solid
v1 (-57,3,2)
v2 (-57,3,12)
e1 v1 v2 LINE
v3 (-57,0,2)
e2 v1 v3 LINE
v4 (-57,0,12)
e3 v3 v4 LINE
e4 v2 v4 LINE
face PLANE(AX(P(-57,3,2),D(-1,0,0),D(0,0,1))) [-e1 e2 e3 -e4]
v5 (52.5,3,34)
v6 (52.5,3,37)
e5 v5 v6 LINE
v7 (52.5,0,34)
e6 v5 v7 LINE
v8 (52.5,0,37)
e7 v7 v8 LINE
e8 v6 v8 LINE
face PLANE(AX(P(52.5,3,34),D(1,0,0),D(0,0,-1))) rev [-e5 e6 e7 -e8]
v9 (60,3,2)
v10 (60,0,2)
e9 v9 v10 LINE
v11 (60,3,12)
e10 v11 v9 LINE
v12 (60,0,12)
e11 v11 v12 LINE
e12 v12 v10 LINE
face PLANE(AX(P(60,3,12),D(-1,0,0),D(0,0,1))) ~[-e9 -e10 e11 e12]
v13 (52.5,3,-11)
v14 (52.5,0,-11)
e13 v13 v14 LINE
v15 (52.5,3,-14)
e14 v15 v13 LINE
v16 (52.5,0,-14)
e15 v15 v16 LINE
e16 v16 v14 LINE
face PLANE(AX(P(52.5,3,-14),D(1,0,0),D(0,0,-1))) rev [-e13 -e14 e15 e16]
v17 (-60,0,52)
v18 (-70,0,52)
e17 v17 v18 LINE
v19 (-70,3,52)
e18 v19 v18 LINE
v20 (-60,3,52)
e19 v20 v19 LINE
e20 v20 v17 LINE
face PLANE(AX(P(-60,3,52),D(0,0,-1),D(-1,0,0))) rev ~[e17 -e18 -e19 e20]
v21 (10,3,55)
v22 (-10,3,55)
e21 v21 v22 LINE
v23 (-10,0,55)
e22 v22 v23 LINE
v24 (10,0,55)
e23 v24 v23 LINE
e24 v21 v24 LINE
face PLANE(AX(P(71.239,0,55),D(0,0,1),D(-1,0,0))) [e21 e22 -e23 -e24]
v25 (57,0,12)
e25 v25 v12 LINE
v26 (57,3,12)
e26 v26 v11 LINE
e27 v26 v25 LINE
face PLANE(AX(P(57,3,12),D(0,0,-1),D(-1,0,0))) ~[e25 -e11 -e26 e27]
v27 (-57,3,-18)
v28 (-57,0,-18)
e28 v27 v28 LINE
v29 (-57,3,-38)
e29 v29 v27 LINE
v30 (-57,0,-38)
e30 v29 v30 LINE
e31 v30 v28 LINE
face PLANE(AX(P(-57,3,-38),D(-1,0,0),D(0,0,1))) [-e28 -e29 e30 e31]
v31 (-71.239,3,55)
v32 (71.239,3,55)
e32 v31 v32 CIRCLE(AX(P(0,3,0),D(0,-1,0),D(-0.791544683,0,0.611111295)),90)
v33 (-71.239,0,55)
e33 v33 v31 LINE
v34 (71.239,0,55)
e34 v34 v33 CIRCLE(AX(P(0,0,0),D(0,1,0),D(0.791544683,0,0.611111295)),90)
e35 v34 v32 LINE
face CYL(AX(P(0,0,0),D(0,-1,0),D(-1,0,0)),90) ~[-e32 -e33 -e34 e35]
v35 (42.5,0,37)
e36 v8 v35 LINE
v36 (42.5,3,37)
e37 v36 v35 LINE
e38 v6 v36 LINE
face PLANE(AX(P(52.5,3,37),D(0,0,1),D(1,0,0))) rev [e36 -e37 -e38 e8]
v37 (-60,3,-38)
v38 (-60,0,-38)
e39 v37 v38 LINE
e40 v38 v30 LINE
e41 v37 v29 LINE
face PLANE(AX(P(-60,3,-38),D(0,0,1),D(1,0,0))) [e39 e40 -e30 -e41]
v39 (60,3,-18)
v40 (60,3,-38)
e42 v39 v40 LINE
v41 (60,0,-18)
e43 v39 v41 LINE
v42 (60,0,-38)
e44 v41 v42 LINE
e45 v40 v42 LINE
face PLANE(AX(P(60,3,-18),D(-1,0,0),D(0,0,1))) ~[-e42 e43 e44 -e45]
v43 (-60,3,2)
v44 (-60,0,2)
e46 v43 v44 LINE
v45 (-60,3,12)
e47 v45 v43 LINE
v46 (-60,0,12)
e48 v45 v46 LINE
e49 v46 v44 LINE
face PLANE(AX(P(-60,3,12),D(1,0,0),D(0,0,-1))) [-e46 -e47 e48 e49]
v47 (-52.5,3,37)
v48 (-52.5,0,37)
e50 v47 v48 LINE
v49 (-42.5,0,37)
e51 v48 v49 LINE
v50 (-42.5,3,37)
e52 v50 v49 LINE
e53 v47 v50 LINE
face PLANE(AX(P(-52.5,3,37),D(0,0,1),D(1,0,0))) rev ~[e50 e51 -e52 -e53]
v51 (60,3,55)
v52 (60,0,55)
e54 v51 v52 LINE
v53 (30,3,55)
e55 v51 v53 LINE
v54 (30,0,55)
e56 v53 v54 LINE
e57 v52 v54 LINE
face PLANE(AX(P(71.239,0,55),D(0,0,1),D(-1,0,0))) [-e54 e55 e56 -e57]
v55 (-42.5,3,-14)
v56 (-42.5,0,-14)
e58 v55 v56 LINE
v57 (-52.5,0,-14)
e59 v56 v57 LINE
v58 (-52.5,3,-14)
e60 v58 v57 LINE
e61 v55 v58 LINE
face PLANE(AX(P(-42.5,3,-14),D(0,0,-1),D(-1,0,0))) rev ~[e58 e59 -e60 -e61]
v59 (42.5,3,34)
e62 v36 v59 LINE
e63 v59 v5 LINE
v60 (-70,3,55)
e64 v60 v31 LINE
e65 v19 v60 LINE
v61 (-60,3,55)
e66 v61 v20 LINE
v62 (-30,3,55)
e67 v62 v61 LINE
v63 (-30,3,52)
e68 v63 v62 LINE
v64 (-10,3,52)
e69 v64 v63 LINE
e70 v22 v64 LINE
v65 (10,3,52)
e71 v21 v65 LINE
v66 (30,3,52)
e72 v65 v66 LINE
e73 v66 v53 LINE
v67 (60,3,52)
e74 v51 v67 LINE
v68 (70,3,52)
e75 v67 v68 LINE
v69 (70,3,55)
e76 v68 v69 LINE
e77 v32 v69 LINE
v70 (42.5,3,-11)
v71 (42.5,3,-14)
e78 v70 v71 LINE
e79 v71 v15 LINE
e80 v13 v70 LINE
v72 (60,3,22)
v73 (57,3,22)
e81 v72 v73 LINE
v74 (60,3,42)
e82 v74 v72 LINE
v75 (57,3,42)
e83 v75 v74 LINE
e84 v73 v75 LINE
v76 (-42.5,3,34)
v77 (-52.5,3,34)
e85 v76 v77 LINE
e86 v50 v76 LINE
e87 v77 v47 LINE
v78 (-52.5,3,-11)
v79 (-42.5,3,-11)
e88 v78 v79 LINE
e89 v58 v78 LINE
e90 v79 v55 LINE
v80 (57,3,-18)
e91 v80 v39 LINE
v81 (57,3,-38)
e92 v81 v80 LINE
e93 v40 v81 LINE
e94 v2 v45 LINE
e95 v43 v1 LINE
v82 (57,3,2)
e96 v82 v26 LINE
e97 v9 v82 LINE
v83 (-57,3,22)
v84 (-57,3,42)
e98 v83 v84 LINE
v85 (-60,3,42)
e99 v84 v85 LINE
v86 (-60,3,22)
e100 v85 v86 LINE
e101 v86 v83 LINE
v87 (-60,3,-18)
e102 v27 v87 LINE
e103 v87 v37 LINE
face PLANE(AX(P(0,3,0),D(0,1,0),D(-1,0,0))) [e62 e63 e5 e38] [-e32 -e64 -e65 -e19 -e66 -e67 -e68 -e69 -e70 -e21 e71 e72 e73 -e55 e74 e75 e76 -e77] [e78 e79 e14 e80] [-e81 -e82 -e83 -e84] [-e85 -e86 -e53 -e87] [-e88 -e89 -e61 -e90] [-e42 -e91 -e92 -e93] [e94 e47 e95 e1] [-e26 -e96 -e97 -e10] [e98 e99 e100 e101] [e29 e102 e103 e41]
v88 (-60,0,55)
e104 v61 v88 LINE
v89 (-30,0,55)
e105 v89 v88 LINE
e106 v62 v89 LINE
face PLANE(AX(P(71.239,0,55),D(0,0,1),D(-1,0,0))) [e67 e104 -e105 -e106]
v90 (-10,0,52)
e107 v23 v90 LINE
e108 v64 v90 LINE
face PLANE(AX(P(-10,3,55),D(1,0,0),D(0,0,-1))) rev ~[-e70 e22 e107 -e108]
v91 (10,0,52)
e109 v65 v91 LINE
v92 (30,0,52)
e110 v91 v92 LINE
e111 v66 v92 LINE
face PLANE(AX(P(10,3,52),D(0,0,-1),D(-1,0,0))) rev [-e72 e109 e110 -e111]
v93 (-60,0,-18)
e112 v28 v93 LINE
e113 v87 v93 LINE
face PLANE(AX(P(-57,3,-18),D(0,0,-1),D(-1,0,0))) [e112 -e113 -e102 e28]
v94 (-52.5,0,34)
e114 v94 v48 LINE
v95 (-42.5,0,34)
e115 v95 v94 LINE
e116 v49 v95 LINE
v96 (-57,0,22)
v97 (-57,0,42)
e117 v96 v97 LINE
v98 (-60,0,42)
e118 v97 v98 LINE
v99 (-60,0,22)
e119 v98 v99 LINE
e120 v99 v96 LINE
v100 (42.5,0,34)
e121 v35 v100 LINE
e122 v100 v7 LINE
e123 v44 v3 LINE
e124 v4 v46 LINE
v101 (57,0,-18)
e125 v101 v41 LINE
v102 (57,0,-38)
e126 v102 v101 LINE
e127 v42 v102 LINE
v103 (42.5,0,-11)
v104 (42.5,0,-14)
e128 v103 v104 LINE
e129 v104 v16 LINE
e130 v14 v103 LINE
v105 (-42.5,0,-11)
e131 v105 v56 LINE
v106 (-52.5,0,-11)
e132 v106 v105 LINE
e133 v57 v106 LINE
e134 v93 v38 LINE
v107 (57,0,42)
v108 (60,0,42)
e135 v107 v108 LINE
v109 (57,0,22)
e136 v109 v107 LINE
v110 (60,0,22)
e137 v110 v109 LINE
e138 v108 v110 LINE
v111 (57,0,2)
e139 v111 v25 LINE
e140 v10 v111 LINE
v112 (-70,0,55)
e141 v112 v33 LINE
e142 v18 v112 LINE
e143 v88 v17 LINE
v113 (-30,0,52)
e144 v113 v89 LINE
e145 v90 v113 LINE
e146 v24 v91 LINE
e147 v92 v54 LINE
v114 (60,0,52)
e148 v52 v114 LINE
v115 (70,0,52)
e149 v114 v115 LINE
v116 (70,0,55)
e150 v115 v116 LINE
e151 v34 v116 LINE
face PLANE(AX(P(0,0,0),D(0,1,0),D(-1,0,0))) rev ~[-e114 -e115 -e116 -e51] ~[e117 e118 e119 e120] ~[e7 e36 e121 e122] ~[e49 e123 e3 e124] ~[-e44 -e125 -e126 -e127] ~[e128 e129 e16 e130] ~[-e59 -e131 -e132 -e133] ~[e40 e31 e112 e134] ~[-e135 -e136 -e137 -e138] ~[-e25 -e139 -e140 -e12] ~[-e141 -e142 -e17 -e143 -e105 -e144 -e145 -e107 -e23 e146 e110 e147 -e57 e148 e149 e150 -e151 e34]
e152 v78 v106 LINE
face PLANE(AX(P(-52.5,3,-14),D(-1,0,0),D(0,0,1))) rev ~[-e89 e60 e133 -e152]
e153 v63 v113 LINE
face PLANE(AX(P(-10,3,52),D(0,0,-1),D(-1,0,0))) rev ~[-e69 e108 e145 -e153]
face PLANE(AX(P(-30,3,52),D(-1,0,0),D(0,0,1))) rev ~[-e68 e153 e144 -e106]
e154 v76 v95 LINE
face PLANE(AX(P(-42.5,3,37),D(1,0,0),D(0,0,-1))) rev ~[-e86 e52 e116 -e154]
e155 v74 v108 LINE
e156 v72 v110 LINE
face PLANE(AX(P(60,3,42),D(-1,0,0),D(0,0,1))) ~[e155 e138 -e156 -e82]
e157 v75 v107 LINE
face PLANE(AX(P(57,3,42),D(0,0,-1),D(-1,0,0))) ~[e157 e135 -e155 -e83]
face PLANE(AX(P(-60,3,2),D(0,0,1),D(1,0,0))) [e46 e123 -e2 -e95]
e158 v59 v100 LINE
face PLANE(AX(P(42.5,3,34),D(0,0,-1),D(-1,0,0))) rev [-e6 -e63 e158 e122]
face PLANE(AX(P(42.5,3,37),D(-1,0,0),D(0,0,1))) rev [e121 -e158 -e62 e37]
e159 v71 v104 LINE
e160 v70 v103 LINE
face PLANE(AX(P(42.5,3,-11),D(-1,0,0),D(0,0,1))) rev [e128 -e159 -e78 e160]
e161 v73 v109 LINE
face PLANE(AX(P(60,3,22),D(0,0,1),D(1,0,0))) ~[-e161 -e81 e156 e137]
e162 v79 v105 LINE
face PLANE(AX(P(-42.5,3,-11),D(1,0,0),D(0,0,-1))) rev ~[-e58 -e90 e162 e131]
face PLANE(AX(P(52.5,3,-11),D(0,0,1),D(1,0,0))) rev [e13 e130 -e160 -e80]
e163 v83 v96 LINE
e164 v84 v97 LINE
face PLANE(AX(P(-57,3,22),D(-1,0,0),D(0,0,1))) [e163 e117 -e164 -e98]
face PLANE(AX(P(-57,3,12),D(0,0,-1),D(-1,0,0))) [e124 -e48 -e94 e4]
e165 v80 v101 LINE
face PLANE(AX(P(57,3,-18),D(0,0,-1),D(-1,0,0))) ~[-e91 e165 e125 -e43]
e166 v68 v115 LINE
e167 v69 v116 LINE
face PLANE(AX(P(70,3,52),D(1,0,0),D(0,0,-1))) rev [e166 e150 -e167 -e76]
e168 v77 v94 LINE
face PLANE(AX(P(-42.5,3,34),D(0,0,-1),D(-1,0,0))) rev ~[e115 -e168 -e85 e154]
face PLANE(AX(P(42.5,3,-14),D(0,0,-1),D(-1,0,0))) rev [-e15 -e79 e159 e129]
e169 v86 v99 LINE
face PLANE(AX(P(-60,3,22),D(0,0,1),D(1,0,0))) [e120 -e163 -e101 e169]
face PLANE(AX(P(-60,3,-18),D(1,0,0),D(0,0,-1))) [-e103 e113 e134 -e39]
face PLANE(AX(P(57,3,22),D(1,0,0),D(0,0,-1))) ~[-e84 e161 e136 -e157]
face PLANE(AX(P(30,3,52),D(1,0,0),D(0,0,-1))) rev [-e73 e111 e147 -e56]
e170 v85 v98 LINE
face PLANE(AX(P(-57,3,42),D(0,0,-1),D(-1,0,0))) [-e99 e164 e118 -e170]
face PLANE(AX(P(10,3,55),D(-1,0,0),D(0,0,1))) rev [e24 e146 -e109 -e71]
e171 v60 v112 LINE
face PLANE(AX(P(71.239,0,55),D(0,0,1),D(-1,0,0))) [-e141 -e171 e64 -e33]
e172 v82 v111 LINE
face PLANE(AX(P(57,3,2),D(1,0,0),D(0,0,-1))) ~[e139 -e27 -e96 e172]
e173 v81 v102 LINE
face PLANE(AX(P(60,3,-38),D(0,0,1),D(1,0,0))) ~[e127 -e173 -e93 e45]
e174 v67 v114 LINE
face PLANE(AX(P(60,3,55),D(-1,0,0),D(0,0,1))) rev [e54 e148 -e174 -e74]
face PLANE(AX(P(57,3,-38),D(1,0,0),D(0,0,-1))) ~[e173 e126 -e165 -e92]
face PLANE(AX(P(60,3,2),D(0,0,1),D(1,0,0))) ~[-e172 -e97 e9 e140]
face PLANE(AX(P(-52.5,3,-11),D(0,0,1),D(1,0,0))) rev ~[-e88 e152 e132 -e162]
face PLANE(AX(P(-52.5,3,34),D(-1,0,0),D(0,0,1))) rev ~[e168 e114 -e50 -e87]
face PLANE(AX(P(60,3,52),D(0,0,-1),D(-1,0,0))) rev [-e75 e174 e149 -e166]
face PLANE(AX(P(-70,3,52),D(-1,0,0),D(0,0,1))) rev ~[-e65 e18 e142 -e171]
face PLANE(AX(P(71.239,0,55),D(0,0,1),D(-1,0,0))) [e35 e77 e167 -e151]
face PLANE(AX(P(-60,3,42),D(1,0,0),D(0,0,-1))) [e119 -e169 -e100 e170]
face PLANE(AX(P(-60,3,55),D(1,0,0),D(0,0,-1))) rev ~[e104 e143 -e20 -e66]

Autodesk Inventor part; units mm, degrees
ref_plane "YZ Plane" through (0, 0, 0) normal (1, 0, 0) x (0, 1, 0)
ref_plane "XZ Plane" through (0, 0, 0) normal (0, 1, 0) x (-1, 0, 0)
ref_plane "XY Plane" through (0, 0, 0) normal (0, 0, 1) x (1, 0, 0)
sketch "Sketch1" plane through (0, 0, 0) normal (0, 1, 0) x (-1, 0, 0)
  circle A0 centre (0, 0) radius 90
  line L0 (-71.239, 55) -> (71.239, 55)
  dimension "d0" = 180
  dimension "d1" = 55
extrude "Extrusion1" add sketch "Sketch1" along normal blind 3 contours A0 L0 picked at (-1.0947, 6.6866)
sketch "Sketch2" plane through (0, 3, 0) normal (0, 1, 0) x (1, 0, 0)
  line L0 (-71.239, -55) -> (71.239, -55) projected
  line L1 (-70, -55) -> (-60, -55)
  line L2 (-60, -55) -> (-60, -52)
  line L3 (-60, -52) -> (-70, -52)
  line L4 (-70, -52) -> (-70, -55)
  line L5 (-30, -55) -> (-10, -55)
  line L6 (-10, -55) -> (-10, -52)
  line L7 (-10, -52) -> (-30, -52)
  line L8 (-30, -52) -> (-30, -55)
  point P0 (0, 0)
  dimension "d4" = 10
  dimension "d5" = 3
  dimension "d6" = 20
  dimension "d7" = 3
  dimension "d8" = 10
  dimension "d9" = 30
extrude "Extrusion2" cut sketch "Sketch2" against normal blind 3
sketch "Sketch3" plane through (0, 3, 0) normal (0, 1, 0) x (1, 0, 0)
  line L0 (-57, -42) -> (-60, -42)
  line L1 (-60, -42) -> (-60, -22)
  line L2 (-60, -22) -> (-57, -22)
  line L3 (-57, -22) -> (-57, -42)
  line L4 (-57, -12) -> (-60, -12)
  line L5 (-60, -12) -> (-60, -2)
  line L6 (-60, -2) -> (-57, -2)
  line L7 (-57, -2) -> (-57, -12)
  line L8 (-57, 18) -> (-60, 18)
  line L9 (-60, 18) -> (-60, 38)
  line L10 (-60, 38) -> (-57, 38)
  line L11 (-57, 38) -> (-57, 18)
  line L12 (-70, -52) -> (-60, -52) projected
  point P0 (0, 0)
  dimension "d12" = 3
  dimension "d13" = 20
  dimension "d14" = 3
  dimension "d15" = 10
  dimension "d16" = 3
  dimension "d17" = 20
  dimension "d18" = 10
  dimension "d19" = 10
  dimension "d20" = 20
  dimension "d21" = 57
extrude "Extrusion3" cut sketch "Sketch3" against normal blind 3
sketch "Sketch4" plane through (0, 3, 0) normal (0, 1, 0) x (1, 0, 0)
  line L0 (-42.5, -34) -> (-52.5, -34)
  line L1 (-52.5, -34) -> (-52.5, -37)
  line L2 (-52.5, -37) -> (-42.5, -37)
  line L3 (-42.5, -37) -> (-42.5, -34)
  line L4 (-42.5, 14) -> (-52.5, 14)
  line L5 (-52.5, 14) -> (-52.5, 11)
  line L6 (-52.5, 11) -> (-42.5, 11)
  line L7 (-42.5, 11) -> (-42.5, 14)
  line L8 (-70, -52) -> (-60, -52) projected
  line L9 (-57, -22) -> (-57, -42) projected
  point P0 (0, 0)
  dimension "d24" = 10
  dimension "d25" = 3
  dimension "d26" = 10
  dimension "d27" = 3
  dimension "d28" = 15
  dimension "d29" = 45
  dimension "d30" = 4.5
extrude "Extrusion4" cut sketch "Sketch4" against normal blind 3
mirror "Mirror1" about plane through (0, 0, 0) normal (1, 0, 0) of "Extrusion4", "Extrusion3", "Extrusion2"
properties part number "Top Plate"
